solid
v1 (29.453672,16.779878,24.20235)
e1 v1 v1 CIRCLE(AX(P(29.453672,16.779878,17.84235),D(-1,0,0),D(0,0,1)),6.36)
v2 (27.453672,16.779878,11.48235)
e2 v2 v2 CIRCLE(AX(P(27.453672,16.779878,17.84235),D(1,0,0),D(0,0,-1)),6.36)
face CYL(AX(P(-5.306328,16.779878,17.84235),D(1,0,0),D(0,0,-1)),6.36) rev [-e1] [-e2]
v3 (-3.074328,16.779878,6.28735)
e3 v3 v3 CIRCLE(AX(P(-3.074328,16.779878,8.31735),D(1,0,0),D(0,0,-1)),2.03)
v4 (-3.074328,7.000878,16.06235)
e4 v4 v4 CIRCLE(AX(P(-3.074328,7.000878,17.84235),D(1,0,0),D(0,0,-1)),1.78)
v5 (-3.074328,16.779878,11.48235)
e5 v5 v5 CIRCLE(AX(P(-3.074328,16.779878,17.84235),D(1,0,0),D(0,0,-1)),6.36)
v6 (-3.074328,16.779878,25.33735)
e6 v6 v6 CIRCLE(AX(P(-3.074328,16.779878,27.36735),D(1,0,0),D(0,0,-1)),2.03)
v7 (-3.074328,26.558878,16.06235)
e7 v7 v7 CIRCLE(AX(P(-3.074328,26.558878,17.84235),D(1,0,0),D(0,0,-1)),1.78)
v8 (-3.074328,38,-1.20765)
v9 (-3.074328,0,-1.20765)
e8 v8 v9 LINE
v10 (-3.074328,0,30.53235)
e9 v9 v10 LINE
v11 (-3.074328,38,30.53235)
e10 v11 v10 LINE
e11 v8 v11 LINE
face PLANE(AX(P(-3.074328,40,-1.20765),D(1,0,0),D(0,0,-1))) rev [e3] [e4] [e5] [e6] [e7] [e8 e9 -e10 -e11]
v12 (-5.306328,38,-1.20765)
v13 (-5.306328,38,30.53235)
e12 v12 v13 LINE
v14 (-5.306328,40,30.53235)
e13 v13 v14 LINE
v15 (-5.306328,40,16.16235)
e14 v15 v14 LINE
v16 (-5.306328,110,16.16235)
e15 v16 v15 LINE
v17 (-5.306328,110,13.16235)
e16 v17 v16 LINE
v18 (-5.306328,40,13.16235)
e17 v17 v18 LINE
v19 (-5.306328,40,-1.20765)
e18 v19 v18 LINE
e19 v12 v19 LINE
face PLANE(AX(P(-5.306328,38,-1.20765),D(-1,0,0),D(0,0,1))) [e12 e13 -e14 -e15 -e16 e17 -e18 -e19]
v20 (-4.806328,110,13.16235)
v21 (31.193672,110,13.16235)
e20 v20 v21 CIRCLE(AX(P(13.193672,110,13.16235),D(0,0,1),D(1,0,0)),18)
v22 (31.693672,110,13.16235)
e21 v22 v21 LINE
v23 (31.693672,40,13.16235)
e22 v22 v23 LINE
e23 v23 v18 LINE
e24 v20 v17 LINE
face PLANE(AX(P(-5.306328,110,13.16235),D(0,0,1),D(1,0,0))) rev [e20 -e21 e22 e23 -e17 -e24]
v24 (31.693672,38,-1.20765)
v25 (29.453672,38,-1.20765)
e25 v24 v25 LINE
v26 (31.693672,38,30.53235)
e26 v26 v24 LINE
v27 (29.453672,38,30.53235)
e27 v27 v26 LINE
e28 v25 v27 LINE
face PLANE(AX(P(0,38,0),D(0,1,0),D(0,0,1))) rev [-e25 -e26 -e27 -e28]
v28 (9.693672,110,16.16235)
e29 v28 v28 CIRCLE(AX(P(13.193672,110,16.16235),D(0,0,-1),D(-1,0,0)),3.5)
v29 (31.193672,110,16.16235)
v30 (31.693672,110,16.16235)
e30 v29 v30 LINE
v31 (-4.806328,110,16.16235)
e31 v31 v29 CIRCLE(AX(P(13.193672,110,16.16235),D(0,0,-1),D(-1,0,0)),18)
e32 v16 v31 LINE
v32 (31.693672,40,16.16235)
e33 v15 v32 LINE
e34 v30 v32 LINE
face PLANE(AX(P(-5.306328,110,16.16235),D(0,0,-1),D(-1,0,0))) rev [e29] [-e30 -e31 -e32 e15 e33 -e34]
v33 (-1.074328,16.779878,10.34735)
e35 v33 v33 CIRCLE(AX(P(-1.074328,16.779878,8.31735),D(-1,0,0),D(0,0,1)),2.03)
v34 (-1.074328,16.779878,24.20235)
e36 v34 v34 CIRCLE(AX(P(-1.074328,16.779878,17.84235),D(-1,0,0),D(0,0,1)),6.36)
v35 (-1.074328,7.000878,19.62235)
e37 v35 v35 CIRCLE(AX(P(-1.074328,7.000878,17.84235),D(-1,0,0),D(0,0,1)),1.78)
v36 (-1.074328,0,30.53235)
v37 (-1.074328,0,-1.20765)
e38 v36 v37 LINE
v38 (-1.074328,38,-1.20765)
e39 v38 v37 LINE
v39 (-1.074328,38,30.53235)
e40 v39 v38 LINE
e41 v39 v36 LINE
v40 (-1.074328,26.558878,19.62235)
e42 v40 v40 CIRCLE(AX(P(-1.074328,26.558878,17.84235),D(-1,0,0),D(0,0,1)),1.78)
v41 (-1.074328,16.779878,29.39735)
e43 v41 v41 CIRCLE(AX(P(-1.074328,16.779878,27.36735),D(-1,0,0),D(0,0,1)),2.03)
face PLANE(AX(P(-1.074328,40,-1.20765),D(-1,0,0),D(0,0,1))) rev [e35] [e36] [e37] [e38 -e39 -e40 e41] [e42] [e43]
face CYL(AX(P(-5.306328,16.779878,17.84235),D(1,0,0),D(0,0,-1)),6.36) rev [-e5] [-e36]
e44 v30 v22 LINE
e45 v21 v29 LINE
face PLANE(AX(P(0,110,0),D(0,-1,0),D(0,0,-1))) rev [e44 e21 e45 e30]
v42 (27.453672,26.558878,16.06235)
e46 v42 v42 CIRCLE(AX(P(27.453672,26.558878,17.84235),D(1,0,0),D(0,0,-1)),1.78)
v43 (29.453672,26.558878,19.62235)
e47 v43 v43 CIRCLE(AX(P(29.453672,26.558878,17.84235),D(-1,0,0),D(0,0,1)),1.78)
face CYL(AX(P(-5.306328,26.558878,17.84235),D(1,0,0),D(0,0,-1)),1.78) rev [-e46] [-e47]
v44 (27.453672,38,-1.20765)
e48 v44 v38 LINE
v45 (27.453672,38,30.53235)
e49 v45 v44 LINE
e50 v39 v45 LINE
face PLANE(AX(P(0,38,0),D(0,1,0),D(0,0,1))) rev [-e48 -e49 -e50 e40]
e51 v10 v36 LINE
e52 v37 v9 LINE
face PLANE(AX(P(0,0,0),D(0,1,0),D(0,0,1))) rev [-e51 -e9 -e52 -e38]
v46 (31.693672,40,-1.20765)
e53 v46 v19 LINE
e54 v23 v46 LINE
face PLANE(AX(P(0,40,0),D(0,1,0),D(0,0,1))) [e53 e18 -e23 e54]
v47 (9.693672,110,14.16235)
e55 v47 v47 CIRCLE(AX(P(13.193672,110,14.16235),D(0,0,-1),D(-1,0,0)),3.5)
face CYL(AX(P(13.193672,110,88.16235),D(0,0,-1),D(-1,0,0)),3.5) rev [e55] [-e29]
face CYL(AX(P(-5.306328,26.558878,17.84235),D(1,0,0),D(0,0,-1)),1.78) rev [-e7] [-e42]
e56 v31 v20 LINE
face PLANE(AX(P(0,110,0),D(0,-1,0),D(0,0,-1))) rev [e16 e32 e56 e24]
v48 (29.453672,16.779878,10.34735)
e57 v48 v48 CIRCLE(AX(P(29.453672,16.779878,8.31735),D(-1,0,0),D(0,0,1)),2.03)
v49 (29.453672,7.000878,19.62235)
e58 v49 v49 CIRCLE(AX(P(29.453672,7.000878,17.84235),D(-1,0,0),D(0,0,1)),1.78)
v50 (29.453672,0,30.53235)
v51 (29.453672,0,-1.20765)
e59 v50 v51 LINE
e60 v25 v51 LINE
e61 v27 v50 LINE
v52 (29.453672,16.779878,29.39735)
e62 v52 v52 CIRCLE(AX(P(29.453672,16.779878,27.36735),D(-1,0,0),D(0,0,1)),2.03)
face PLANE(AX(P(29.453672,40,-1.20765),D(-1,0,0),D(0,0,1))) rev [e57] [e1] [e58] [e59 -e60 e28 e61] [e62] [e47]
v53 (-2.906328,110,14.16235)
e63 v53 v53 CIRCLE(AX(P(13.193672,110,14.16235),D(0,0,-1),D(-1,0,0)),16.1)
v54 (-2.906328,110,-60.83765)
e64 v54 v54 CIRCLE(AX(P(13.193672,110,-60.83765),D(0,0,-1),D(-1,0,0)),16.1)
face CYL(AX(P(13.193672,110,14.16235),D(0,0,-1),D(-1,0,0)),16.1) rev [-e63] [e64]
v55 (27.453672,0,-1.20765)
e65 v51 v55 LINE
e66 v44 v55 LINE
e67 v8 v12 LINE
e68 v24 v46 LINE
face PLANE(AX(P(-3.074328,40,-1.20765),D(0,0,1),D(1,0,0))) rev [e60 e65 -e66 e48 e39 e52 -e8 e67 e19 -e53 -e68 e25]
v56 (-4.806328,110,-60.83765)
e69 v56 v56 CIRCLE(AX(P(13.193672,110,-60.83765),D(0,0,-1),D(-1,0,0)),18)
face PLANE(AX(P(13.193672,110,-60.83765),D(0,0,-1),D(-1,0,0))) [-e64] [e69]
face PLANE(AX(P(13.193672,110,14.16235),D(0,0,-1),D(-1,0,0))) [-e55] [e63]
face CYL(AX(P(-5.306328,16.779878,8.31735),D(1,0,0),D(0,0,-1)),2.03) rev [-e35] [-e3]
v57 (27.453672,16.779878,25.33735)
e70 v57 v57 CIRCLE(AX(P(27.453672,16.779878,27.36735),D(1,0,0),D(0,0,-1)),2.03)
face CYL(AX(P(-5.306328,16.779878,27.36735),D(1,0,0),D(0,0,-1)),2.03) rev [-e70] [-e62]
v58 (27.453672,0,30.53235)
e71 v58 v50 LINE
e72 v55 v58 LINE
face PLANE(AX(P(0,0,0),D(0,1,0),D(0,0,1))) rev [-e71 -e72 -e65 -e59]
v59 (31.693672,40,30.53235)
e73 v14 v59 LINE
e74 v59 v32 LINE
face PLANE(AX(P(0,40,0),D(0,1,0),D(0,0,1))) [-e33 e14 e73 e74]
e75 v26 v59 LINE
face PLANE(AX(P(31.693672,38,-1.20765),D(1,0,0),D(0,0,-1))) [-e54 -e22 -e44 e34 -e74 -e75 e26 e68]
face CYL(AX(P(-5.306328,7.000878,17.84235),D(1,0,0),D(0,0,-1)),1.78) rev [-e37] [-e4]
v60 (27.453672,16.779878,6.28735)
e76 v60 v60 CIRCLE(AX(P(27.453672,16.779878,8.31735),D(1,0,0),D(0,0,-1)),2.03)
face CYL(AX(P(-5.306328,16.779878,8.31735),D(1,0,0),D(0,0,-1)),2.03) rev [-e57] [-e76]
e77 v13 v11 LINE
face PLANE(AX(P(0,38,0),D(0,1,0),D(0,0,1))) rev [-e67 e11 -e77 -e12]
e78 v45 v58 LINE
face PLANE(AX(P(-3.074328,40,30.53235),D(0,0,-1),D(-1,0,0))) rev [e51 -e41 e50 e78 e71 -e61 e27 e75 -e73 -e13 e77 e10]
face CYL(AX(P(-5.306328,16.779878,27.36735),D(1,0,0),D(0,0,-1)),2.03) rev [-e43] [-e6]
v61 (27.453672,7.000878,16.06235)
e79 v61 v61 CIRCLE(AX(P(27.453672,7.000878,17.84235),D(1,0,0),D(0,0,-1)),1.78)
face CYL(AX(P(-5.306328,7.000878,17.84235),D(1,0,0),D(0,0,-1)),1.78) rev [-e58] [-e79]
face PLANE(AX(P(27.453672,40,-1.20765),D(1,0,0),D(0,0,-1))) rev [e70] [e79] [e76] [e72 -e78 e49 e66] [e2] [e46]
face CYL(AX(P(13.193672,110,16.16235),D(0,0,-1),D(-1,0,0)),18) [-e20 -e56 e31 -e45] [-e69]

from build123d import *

# Parameters (mm, degrees)
SKETCH1_W                = 2
SKETCH1_H                = 31.74
BOSS_EXTRUDE1_DEPTH      = 40
BOSS_EXTRUDE1_2_DEPTH    = 40
SKETCH2_W                = 37
SKETCH2_H                = 31.74
BOSS_EXTRUDE3_DEPTH      = 2
SKETCH8_W                = 37
SKETCH8_H                = 3
BOSS_EXTRUDE4_DEPTH      = 70
SKETCH12_R               = 18
BOSS_EXTRUDE6_DEPTH      = 74
BOSS_EXTRUDE6_DEPTH_BACK = 3
SKETCH18_R               = 16.1
CUT_EXTRUDE2_DEPTH       = 75
SKETCH19_R               = 3.5
CUT_EXTRUDE3_DEPTH       = 74
SKETCH20_R               = 6.36
SKETCH20_R_2             = 1.78
SKETCH20_R_3             = 2.03
CUT_EXTRUDE4_DEPTH       = 3.24
CUT_EXTRUDE4_DEPTH_BACK  = 35.76


with BuildPart() as part:
    # Sketch1 → Boss-Extrude1 (new body)
    with BuildSketch(Plane(origin=(0, 0, 0), x_dir=(1, 0, 0), z_dir=(0, 1, 0))):
        with Locations((-2.074327578, -14.662349727)):
            Rectangle(SKETCH1_W, SKETCH1_H)
    extrude(amount=BOSS_EXTRUDE1_DEPTH)



with BuildPart() as body_2:
    # Sketch1 → Boss-Extrude1 2 (new body)
    with BuildSketch(Plane(origin=(0, 0, 0), x_dir=(1, 0, 0), z_dir=(0, 1, 0))):
        with Locations((28.453672422, -14.662349727)):
            Rectangle(SKETCH1_W, SKETCH1_H)
    extrude(amount=BOSS_EXTRUDE1_2_DEPTH)


with BuildPart() as part_1:
    add(part.part)

    add(body_2.part)  # Boss-Extrude3 merges body 2
    # Sketch2 → Boss-Extrude3 (add)
    with BuildSketch(Plane(origin=(0, 40, 0), x_dir=(1, 0, 0), z_dir=(0, 1, 0))):
        with Locations((13.193672422, -14.662349727)):
            Rectangle(SKETCH2_W, SKETCH2_H)
    extrude(amount=-BOSS_EXTRUDE3_DEPTH)

    # Sketch8 → Boss-Extrude4 (add)
    with BuildSketch(Plane(origin=(0, 40, 0), x_dir=(1, 0, 0), z_dir=(0, 1, 0))):
        with Locations((13.193672422, -14.662349727)):
            Rectangle(SKETCH8_W, SKETCH8_H)
    extrude(amount=BOSS_EXTRUDE4_DEPTH)

    # Sketch12 → Boss-Extrude6 (add, two sides)
    with BuildSketch(Plane(origin=(0, 0, 13.162349727), x_dir=(-1, 0, 0), z_dir=(0, 0, -1))) as boss_extrude6_sk:
        with Locations((-13.193672422, 110)):
            Circle(SKETCH12_R)
    extrude(amount=BOSS_EXTRUDE6_DEPTH)
    extrude(boss_extrude6_sk.sketch, amount=-BOSS_EXTRUDE6_DEPTH_BACK)

    # Sketch18 → Cut-Extrude2 (cut)
    with BuildSketch(Plane(origin=(0, 0, -60.837650273), x_dir=(-1, 0, 0), z_dir=(0, 0, -1))):
        with Locations((-13.193672422, 110)):
            Circle(SKETCH18_R)
    extrude(amount=-CUT_EXTRUDE2_DEPTH, mode=Mode.SUBTRACT)

    # Sketch19 → Cut-Extrude3 (cut)
    with BuildSketch(Plane(origin=(0, 0, 14.162349727), x_dir=(-1, 0, 0), z_dir=(0, 0, -1))):
        with Locations((-13.193672422, 110)):
            Circle(SKETCH19_R)
    extrude(amount=-CUT_EXTRUDE3_DEPTH, mode=Mode.SUBTRACT)

    # Sketch20 → Cut-Extrude4 (cut, two sides)
    with BuildSketch(Plane(origin=(29.453672422, 0, 0), x_dir=(0, 0, -1), z_dir=(1, 0, 0))) as cut_extrude4_sk:
        with Locations((-17.842349727, 16.779878139)):
            Circle(SKETCH20_R)
        with Locations((-17.842349727, 26.558878139)):
            Circle(SKETCH20_R_2)
        with Locations((-17.842349727, 7.000878139)):
            Circle(SKETCH20_R_2)
        with Locations((-27.367349727, 16.779878139)):
            Circle(SKETCH20_R_3)
        with Locations((-8.317349727, 16.779878139)):
            Circle(SKETCH20_R_3)
    extrude(amount=CUT_EXTRUDE4_DEPTH, mode=Mode.SUBTRACT)
    extrude(cut_extrude4_sk.sketch, amount=-CUT_EXTRUDE4_DEPTH_BACK, mode=Mode.SUBTRACT)


solid = part_1.part
